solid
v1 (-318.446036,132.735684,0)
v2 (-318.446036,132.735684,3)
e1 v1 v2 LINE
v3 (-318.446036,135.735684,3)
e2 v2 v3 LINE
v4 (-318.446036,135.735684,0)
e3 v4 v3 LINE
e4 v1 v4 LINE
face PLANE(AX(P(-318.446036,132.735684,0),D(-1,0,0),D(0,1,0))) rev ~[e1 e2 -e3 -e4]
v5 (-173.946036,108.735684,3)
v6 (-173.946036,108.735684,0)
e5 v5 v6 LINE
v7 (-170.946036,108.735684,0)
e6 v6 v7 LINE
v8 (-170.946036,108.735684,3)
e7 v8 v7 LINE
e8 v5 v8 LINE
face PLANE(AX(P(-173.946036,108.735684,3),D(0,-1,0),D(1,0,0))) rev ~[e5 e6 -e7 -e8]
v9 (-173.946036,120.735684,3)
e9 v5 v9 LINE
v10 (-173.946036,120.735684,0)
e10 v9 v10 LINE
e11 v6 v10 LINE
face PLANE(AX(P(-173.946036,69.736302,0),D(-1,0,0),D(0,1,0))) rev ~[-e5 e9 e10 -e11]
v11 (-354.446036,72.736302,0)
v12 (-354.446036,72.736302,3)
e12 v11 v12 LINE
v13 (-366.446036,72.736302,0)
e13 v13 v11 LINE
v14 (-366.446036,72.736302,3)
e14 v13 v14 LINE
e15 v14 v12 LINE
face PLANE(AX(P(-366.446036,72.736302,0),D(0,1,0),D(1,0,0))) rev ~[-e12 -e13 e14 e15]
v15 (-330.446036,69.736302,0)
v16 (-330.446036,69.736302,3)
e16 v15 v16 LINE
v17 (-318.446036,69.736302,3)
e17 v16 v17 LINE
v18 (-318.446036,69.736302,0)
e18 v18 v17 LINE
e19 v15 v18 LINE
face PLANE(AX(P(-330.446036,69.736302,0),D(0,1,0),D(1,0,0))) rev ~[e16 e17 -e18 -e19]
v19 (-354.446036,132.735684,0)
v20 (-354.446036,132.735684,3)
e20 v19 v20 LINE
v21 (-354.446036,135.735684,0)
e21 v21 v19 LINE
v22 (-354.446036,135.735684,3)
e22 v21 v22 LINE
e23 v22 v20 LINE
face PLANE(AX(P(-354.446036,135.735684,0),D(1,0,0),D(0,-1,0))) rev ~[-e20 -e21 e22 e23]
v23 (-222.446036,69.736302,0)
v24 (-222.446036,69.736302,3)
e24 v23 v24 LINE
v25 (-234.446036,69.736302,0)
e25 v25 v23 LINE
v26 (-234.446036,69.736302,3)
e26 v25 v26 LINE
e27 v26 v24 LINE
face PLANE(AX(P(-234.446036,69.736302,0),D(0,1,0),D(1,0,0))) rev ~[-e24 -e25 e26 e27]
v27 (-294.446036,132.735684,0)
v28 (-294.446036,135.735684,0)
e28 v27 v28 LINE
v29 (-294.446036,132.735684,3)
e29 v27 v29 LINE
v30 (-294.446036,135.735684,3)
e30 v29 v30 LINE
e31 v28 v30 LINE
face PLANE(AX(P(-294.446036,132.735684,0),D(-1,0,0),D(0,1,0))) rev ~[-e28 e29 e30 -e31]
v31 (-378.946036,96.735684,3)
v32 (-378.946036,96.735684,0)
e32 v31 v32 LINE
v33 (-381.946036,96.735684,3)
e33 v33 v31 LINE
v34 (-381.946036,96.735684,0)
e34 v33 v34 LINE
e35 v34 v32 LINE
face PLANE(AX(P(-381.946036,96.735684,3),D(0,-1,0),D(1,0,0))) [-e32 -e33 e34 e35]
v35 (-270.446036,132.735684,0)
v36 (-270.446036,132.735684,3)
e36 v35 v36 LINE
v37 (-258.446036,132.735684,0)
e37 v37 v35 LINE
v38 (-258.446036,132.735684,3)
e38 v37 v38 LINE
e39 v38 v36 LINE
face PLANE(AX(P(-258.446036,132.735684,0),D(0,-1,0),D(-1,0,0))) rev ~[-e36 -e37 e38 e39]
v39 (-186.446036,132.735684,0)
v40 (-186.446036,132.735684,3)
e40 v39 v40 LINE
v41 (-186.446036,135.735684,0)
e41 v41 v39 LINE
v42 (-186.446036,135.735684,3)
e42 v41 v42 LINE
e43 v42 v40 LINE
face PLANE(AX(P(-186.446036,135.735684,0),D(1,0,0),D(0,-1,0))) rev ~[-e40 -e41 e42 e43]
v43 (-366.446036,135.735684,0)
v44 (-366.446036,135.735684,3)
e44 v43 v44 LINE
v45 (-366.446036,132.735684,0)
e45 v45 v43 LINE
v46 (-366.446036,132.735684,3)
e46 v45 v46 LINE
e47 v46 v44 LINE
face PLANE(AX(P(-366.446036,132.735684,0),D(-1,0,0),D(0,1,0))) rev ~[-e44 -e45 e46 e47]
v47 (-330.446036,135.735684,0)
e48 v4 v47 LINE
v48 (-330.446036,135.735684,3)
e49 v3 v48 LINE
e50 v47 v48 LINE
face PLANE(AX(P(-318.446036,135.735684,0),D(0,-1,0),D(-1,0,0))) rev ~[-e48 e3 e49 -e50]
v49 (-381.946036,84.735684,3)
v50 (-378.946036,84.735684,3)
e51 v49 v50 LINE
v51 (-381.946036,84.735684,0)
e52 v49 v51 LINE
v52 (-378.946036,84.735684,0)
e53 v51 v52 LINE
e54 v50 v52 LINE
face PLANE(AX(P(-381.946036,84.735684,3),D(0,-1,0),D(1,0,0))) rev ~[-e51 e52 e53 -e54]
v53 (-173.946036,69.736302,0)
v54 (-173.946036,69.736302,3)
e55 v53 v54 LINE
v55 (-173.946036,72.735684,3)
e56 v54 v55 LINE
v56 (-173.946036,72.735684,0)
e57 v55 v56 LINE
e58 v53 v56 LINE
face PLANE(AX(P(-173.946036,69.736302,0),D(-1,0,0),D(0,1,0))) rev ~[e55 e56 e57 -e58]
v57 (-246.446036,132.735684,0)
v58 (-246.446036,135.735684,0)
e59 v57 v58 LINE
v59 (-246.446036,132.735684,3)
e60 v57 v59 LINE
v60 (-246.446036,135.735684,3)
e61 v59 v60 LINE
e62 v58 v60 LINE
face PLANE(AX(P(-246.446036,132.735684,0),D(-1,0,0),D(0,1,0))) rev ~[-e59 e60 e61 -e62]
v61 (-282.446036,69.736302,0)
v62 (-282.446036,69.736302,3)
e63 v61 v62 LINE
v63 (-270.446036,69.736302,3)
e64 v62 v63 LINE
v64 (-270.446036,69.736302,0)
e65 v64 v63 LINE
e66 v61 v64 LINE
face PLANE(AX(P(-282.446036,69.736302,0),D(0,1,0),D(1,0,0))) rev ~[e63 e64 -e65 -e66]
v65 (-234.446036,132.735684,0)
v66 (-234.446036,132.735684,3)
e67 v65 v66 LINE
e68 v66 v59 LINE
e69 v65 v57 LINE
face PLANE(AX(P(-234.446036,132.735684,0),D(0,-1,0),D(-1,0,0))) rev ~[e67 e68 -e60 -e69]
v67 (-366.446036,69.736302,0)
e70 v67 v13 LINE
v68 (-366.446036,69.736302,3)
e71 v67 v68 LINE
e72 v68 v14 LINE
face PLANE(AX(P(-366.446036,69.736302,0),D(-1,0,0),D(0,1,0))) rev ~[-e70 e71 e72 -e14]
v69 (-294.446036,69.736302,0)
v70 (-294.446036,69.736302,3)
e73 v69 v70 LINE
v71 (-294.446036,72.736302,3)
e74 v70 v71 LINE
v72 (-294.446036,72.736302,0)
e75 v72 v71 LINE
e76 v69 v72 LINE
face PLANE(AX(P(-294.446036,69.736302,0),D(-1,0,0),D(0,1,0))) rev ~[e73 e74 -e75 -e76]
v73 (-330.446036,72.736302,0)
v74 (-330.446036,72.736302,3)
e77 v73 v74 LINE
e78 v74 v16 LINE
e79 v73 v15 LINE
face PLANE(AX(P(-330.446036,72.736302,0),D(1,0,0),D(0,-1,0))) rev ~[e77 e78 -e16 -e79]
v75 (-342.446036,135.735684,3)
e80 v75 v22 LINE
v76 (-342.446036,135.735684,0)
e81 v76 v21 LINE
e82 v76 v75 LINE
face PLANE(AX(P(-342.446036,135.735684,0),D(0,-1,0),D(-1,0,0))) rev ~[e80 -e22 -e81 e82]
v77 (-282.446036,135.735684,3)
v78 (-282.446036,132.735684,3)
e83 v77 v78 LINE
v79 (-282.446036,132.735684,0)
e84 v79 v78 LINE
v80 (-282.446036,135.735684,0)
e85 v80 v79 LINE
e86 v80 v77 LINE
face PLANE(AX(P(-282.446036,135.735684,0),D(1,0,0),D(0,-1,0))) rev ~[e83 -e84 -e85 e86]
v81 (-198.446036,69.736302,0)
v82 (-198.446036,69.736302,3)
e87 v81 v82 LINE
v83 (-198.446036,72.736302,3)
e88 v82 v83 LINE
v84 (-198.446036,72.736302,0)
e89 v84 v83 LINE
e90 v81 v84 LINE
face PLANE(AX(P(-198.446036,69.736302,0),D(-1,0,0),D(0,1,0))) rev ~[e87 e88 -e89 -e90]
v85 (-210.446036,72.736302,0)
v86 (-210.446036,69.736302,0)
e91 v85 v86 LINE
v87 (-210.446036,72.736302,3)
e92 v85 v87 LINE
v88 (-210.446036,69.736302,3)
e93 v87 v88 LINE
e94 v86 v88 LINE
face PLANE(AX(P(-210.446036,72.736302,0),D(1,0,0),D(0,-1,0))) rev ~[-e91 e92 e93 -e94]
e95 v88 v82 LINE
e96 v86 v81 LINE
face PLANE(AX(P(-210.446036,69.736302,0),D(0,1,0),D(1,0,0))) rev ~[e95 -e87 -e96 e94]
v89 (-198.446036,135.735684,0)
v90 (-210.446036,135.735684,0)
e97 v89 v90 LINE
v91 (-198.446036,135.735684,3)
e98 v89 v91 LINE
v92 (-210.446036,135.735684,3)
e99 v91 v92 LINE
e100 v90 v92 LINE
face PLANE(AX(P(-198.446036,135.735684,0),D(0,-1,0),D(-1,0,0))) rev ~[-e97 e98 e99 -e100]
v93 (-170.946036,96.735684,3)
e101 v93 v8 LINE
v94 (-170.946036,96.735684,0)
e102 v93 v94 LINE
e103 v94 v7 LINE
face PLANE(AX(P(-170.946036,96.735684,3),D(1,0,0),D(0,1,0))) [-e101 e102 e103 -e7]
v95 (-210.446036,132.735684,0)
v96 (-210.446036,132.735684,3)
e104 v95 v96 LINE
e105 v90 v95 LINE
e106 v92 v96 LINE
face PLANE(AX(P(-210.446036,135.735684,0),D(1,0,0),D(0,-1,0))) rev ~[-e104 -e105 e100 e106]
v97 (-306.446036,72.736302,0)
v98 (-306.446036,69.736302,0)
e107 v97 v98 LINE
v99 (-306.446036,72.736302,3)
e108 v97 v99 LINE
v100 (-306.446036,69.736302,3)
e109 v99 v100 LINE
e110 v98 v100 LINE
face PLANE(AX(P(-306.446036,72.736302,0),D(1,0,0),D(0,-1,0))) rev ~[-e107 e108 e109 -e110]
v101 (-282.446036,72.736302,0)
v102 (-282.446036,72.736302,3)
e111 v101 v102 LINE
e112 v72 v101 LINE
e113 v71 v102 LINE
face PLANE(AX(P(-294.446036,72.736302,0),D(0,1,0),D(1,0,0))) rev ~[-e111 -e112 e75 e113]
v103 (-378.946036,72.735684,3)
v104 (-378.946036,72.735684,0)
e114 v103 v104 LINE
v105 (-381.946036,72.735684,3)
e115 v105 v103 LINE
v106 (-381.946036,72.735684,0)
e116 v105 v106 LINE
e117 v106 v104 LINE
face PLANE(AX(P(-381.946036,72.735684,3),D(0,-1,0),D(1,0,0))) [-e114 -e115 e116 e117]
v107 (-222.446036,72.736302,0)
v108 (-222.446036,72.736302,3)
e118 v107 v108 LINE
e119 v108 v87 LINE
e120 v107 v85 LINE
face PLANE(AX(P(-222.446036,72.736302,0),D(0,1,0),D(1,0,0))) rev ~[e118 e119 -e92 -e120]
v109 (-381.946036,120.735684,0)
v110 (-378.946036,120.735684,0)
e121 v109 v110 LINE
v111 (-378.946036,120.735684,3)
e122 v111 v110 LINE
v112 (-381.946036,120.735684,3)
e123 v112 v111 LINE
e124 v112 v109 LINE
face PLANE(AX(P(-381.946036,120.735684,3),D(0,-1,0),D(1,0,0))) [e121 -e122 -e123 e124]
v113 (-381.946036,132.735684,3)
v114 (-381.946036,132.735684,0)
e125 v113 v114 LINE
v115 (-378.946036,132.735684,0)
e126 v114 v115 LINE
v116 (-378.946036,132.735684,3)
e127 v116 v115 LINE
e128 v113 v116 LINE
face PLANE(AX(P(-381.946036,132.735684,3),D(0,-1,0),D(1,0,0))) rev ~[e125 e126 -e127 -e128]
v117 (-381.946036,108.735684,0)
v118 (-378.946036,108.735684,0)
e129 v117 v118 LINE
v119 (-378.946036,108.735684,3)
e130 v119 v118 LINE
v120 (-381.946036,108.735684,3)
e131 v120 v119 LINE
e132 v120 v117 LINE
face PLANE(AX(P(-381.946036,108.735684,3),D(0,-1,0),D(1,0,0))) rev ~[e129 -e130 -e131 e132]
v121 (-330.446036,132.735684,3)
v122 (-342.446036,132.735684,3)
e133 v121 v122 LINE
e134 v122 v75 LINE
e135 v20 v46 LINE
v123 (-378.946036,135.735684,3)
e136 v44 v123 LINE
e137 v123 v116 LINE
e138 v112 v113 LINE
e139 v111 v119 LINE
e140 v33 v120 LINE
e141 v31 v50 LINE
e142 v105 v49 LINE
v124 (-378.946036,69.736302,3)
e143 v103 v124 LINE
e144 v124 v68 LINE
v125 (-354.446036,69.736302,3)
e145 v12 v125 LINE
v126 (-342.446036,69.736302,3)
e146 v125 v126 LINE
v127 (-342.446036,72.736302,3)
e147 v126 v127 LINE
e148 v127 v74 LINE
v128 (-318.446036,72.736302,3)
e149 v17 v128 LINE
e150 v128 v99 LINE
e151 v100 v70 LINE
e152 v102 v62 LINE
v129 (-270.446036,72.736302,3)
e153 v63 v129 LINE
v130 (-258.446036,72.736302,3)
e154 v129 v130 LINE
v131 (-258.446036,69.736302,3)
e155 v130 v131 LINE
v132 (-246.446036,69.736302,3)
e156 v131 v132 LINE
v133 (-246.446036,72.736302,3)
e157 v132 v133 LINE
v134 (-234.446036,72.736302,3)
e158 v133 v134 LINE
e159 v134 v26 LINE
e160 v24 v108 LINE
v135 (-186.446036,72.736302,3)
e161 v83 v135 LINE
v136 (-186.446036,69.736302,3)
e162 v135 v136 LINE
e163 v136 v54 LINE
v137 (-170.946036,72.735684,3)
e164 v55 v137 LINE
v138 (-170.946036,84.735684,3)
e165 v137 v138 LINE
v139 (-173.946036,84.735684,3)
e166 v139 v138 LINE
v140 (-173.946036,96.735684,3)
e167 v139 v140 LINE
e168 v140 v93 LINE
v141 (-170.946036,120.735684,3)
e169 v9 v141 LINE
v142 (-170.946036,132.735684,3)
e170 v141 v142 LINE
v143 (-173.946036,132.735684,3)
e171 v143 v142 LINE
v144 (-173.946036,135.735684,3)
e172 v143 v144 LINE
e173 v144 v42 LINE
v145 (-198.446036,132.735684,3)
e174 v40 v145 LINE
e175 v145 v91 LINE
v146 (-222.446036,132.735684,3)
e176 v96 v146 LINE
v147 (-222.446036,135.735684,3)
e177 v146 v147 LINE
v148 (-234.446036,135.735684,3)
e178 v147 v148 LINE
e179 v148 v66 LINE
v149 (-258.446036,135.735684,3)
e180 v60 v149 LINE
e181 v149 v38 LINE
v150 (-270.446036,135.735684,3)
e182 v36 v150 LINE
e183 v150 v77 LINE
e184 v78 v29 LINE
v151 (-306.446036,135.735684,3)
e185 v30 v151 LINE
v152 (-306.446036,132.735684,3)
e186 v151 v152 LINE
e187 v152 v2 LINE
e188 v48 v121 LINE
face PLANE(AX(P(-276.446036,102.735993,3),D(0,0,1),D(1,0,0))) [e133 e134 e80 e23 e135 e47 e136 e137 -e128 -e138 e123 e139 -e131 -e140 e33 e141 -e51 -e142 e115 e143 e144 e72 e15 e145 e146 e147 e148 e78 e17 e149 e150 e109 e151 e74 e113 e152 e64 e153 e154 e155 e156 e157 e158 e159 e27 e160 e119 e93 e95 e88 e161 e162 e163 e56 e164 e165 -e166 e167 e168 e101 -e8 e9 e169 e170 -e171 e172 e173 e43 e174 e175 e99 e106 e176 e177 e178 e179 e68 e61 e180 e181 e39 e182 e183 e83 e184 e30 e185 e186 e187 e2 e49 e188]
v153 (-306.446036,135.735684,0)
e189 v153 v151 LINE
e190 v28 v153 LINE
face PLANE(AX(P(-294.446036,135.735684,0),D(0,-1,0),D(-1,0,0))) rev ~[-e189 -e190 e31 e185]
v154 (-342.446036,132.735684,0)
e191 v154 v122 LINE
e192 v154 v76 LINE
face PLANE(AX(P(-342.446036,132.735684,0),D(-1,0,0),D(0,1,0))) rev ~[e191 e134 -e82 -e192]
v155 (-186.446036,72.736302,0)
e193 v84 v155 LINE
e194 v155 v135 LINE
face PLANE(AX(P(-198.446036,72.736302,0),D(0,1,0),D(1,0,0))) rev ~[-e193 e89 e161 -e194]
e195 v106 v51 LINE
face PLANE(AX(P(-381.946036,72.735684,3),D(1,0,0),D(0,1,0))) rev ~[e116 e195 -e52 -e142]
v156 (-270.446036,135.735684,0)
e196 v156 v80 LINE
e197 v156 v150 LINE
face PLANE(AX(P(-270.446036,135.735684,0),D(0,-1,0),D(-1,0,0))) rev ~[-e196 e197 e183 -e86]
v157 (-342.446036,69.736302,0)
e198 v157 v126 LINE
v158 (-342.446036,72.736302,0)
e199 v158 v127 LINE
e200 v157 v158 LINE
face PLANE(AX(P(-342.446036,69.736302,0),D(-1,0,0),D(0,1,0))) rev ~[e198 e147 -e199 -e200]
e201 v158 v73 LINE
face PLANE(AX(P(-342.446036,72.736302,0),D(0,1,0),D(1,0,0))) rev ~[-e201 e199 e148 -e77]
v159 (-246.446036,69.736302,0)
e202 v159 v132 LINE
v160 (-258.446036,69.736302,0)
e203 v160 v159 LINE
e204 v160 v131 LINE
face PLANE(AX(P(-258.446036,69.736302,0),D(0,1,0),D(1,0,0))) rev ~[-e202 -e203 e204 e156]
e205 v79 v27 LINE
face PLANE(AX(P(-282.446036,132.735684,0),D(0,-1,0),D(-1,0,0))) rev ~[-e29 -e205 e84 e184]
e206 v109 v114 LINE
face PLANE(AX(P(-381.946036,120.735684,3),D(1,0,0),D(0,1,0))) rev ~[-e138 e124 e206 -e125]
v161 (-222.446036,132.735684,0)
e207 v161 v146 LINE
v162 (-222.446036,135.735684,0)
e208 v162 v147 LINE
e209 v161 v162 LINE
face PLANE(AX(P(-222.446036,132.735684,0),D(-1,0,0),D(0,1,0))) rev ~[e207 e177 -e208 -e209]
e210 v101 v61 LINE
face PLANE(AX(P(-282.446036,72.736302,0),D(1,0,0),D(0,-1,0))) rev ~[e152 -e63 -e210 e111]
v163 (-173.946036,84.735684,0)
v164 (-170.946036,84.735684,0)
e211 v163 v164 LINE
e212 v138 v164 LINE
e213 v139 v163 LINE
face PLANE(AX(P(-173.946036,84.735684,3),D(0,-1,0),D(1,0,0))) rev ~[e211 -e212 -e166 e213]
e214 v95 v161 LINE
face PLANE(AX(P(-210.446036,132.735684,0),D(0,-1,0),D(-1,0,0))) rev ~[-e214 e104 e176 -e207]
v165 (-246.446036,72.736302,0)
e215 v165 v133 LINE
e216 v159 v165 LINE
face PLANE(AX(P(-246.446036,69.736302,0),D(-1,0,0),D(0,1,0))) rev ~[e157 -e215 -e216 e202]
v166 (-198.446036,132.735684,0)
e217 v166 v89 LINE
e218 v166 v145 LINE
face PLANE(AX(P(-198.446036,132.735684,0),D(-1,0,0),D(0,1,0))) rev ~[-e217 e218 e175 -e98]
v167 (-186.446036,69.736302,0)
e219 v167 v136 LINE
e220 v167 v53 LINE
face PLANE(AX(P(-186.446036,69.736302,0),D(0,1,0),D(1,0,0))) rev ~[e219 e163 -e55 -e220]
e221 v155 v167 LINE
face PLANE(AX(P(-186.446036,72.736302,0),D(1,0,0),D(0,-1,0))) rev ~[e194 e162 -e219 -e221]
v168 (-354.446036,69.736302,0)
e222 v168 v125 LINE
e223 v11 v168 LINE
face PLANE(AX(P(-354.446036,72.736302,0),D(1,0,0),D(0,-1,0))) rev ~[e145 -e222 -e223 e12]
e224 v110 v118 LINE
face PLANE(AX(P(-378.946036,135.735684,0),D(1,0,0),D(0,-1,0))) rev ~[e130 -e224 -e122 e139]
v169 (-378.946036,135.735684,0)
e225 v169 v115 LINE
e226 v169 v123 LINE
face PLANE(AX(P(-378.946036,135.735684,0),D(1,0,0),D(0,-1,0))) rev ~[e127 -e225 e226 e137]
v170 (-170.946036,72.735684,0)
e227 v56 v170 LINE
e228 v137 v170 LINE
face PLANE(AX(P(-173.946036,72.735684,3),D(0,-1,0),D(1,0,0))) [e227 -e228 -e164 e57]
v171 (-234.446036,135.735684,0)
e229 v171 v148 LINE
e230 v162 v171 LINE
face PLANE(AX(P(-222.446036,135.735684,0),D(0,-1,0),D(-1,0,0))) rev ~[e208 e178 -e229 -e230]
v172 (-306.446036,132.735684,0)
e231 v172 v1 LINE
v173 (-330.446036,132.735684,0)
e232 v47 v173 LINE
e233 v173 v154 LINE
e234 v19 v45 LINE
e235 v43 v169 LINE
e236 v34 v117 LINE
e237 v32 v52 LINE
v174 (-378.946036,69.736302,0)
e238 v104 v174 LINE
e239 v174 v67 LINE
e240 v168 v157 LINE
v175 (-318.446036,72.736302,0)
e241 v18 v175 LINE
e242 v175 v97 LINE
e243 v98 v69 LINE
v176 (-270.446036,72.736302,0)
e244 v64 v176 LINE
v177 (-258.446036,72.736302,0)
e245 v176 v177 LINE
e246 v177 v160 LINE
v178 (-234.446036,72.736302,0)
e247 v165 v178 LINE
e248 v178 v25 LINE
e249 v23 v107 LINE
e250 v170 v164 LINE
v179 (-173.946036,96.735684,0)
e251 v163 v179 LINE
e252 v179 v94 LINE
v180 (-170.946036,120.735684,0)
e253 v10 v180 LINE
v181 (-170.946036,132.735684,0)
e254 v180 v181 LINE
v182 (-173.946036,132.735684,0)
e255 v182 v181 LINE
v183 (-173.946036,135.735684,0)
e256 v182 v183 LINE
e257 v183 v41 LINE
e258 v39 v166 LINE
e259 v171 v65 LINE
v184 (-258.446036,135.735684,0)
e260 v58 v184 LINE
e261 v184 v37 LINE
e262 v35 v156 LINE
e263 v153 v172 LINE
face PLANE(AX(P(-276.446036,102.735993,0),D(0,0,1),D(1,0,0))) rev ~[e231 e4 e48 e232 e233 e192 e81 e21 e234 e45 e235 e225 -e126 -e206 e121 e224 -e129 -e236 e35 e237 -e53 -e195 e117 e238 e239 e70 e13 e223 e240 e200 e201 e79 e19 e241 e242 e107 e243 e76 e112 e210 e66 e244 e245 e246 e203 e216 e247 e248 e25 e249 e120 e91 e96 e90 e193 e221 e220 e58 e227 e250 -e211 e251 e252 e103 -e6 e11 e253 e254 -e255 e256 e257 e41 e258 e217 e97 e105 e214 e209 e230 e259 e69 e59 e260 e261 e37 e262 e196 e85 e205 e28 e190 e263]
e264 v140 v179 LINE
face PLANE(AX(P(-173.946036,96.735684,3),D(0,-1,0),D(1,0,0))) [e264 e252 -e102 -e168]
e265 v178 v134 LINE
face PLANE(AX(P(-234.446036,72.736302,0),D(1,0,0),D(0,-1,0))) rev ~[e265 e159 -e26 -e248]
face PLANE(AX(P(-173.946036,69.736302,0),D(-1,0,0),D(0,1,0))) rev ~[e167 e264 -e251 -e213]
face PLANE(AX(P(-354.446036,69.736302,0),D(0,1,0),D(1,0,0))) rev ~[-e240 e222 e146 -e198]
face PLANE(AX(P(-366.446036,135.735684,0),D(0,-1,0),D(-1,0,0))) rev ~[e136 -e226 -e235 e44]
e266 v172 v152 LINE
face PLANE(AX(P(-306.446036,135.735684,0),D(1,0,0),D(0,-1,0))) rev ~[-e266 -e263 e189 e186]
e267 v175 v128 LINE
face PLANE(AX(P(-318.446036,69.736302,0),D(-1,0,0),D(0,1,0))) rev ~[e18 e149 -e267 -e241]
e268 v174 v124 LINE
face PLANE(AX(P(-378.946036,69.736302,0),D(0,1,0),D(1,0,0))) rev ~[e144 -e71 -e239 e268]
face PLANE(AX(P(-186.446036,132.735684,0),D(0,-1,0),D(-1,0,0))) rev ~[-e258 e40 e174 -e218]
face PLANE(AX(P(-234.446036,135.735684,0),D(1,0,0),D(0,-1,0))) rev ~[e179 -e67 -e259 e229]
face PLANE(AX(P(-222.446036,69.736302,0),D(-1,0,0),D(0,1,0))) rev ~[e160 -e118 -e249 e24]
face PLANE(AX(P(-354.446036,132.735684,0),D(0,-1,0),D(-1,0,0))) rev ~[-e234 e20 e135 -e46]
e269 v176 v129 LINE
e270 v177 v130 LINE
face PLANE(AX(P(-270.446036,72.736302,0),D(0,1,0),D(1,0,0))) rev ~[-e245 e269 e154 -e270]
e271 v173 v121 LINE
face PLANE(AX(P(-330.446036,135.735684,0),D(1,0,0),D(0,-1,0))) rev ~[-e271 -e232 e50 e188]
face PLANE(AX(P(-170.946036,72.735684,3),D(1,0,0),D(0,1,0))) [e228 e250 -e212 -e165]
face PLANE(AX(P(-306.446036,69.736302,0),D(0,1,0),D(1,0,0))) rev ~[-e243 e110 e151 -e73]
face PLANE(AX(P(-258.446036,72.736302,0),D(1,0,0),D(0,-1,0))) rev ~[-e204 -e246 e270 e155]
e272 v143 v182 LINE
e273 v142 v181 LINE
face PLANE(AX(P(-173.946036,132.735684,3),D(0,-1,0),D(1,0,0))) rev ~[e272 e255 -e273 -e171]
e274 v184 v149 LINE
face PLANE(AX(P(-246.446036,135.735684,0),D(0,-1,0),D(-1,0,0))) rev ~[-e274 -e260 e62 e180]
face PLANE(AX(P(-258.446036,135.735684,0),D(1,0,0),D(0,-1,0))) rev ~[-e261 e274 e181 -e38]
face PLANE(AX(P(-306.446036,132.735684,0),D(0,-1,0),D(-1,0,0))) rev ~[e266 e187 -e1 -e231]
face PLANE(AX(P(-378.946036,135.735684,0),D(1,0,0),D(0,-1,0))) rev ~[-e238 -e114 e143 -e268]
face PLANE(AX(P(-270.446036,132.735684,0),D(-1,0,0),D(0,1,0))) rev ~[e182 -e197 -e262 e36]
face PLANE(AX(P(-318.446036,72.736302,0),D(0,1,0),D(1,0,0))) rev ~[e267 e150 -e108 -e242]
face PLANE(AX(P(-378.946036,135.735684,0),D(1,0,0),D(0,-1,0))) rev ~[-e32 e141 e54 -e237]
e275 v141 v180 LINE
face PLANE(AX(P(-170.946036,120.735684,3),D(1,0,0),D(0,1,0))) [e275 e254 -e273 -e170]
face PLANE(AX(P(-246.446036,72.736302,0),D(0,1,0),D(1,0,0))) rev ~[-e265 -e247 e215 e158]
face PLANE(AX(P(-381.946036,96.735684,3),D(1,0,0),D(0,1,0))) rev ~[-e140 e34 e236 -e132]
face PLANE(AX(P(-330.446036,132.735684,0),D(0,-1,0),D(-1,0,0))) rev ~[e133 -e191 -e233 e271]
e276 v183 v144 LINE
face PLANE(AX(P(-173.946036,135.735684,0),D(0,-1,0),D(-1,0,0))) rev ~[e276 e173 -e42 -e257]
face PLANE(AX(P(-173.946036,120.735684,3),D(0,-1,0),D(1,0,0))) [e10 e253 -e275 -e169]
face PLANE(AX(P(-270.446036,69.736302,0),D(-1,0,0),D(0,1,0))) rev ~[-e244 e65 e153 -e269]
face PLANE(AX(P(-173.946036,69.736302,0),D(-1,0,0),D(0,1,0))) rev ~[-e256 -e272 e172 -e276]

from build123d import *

# Parameters (mm, degrees)
BOSS_EXTRUDE1_DEPTH = 3
SKETCH3_W           = 3
SKETCH3_H           = 12
BOSS_EXTRUDE2_DEPTH = 3


with BuildPart() as part:
    # Sketch2 → Boss-Extrude1 (new body)
    with BuildSketch(Plane(origin=(-276.446036152, 132.735684364, 0), x_dir=(1, 0, 0), z_dir=(0, 0, 1))):
        Polygon((-78, 3), (-78, 0), (-90, 0), (-90, 3), (-102.5, 3), (-102.5, -62.99938194), (-90, -62.99938194), (-90, -59.99938194), (-78, -59.99938194), (-78, -62.99938194), (-66, -62.99938194), (-66, -59.99938194), (-54, -59.99938194), (-54, -62.99938194), (-42, -62.99938194), (-42, -59.99938194), (-30, -59.99938194), (-30, -62.99938194), (-18, -62.99938194), (-18, -59.99938194), (-6, -59.99938194), (-6, -62.99938194), (6, -62.99938194), (6, -59.99938194), (18, -59.99938194), (18, -62.99938194), (30, -62.99938194), (30, -59.99938194), (42, -59.99938194), (42, -62.99938194), (54, -62.99938194), (54, -59.99938194), (66, -59.99938194), (66, -62.99938194), (78, -62.99938194), (78, -59.99938194), (90, -59.99938194), (90, -62.99938194), (102.5, -62.99938194), (102.5, 3), (90, 3), (90, 0), (78, 0), (78, 3), (66, 3), (66, 0), (54, 0), (54, 3), (42, 3), (42, 0), (30, 0), (30, 3), (18, 3), (18, 0), (6, 0), (6, 3), (-6, 3), (-6, 0), (-18, 0), (-18, 3), (-30, 3), (-30, 0), (-42, 0), (-42, 3), (-54, 3), (-54, 0), (-66, 0), (-66, 3), align=None)
    extrude(amount=BOSS_EXTRUDE1_DEPTH)

    # Sketch3 → Boss-Extrude2 (add)
    with BuildSketch(Plane(origin=(-276.446036152, 132.735684364, 3), x_dir=(1, 0, 0), z_dir=(0, 0, 1))):
        with Locations((-104, -6)):
            Rectangle(SKETCH3_W, SKETCH3_H)
        with Locations((104, -6)):
            Rectangle(SKETCH3_W, SKETCH3_H)
        with Locations((104, -30)):
            Rectangle(SKETCH3_W, SKETCH3_H)
        with Locations((104, -54)):
            Rectangle(SKETCH3_W, SKETCH3_H)
        with Locations((-104, -30)):
            Rectangle(SKETCH3_W, SKETCH3_H)
        with Locations((-104, -54)):
            Rectangle(SKETCH3_W, SKETCH3_H)
    extrude(amount=-BOSS_EXTRUDE2_DEPTH)


solid = part.part
